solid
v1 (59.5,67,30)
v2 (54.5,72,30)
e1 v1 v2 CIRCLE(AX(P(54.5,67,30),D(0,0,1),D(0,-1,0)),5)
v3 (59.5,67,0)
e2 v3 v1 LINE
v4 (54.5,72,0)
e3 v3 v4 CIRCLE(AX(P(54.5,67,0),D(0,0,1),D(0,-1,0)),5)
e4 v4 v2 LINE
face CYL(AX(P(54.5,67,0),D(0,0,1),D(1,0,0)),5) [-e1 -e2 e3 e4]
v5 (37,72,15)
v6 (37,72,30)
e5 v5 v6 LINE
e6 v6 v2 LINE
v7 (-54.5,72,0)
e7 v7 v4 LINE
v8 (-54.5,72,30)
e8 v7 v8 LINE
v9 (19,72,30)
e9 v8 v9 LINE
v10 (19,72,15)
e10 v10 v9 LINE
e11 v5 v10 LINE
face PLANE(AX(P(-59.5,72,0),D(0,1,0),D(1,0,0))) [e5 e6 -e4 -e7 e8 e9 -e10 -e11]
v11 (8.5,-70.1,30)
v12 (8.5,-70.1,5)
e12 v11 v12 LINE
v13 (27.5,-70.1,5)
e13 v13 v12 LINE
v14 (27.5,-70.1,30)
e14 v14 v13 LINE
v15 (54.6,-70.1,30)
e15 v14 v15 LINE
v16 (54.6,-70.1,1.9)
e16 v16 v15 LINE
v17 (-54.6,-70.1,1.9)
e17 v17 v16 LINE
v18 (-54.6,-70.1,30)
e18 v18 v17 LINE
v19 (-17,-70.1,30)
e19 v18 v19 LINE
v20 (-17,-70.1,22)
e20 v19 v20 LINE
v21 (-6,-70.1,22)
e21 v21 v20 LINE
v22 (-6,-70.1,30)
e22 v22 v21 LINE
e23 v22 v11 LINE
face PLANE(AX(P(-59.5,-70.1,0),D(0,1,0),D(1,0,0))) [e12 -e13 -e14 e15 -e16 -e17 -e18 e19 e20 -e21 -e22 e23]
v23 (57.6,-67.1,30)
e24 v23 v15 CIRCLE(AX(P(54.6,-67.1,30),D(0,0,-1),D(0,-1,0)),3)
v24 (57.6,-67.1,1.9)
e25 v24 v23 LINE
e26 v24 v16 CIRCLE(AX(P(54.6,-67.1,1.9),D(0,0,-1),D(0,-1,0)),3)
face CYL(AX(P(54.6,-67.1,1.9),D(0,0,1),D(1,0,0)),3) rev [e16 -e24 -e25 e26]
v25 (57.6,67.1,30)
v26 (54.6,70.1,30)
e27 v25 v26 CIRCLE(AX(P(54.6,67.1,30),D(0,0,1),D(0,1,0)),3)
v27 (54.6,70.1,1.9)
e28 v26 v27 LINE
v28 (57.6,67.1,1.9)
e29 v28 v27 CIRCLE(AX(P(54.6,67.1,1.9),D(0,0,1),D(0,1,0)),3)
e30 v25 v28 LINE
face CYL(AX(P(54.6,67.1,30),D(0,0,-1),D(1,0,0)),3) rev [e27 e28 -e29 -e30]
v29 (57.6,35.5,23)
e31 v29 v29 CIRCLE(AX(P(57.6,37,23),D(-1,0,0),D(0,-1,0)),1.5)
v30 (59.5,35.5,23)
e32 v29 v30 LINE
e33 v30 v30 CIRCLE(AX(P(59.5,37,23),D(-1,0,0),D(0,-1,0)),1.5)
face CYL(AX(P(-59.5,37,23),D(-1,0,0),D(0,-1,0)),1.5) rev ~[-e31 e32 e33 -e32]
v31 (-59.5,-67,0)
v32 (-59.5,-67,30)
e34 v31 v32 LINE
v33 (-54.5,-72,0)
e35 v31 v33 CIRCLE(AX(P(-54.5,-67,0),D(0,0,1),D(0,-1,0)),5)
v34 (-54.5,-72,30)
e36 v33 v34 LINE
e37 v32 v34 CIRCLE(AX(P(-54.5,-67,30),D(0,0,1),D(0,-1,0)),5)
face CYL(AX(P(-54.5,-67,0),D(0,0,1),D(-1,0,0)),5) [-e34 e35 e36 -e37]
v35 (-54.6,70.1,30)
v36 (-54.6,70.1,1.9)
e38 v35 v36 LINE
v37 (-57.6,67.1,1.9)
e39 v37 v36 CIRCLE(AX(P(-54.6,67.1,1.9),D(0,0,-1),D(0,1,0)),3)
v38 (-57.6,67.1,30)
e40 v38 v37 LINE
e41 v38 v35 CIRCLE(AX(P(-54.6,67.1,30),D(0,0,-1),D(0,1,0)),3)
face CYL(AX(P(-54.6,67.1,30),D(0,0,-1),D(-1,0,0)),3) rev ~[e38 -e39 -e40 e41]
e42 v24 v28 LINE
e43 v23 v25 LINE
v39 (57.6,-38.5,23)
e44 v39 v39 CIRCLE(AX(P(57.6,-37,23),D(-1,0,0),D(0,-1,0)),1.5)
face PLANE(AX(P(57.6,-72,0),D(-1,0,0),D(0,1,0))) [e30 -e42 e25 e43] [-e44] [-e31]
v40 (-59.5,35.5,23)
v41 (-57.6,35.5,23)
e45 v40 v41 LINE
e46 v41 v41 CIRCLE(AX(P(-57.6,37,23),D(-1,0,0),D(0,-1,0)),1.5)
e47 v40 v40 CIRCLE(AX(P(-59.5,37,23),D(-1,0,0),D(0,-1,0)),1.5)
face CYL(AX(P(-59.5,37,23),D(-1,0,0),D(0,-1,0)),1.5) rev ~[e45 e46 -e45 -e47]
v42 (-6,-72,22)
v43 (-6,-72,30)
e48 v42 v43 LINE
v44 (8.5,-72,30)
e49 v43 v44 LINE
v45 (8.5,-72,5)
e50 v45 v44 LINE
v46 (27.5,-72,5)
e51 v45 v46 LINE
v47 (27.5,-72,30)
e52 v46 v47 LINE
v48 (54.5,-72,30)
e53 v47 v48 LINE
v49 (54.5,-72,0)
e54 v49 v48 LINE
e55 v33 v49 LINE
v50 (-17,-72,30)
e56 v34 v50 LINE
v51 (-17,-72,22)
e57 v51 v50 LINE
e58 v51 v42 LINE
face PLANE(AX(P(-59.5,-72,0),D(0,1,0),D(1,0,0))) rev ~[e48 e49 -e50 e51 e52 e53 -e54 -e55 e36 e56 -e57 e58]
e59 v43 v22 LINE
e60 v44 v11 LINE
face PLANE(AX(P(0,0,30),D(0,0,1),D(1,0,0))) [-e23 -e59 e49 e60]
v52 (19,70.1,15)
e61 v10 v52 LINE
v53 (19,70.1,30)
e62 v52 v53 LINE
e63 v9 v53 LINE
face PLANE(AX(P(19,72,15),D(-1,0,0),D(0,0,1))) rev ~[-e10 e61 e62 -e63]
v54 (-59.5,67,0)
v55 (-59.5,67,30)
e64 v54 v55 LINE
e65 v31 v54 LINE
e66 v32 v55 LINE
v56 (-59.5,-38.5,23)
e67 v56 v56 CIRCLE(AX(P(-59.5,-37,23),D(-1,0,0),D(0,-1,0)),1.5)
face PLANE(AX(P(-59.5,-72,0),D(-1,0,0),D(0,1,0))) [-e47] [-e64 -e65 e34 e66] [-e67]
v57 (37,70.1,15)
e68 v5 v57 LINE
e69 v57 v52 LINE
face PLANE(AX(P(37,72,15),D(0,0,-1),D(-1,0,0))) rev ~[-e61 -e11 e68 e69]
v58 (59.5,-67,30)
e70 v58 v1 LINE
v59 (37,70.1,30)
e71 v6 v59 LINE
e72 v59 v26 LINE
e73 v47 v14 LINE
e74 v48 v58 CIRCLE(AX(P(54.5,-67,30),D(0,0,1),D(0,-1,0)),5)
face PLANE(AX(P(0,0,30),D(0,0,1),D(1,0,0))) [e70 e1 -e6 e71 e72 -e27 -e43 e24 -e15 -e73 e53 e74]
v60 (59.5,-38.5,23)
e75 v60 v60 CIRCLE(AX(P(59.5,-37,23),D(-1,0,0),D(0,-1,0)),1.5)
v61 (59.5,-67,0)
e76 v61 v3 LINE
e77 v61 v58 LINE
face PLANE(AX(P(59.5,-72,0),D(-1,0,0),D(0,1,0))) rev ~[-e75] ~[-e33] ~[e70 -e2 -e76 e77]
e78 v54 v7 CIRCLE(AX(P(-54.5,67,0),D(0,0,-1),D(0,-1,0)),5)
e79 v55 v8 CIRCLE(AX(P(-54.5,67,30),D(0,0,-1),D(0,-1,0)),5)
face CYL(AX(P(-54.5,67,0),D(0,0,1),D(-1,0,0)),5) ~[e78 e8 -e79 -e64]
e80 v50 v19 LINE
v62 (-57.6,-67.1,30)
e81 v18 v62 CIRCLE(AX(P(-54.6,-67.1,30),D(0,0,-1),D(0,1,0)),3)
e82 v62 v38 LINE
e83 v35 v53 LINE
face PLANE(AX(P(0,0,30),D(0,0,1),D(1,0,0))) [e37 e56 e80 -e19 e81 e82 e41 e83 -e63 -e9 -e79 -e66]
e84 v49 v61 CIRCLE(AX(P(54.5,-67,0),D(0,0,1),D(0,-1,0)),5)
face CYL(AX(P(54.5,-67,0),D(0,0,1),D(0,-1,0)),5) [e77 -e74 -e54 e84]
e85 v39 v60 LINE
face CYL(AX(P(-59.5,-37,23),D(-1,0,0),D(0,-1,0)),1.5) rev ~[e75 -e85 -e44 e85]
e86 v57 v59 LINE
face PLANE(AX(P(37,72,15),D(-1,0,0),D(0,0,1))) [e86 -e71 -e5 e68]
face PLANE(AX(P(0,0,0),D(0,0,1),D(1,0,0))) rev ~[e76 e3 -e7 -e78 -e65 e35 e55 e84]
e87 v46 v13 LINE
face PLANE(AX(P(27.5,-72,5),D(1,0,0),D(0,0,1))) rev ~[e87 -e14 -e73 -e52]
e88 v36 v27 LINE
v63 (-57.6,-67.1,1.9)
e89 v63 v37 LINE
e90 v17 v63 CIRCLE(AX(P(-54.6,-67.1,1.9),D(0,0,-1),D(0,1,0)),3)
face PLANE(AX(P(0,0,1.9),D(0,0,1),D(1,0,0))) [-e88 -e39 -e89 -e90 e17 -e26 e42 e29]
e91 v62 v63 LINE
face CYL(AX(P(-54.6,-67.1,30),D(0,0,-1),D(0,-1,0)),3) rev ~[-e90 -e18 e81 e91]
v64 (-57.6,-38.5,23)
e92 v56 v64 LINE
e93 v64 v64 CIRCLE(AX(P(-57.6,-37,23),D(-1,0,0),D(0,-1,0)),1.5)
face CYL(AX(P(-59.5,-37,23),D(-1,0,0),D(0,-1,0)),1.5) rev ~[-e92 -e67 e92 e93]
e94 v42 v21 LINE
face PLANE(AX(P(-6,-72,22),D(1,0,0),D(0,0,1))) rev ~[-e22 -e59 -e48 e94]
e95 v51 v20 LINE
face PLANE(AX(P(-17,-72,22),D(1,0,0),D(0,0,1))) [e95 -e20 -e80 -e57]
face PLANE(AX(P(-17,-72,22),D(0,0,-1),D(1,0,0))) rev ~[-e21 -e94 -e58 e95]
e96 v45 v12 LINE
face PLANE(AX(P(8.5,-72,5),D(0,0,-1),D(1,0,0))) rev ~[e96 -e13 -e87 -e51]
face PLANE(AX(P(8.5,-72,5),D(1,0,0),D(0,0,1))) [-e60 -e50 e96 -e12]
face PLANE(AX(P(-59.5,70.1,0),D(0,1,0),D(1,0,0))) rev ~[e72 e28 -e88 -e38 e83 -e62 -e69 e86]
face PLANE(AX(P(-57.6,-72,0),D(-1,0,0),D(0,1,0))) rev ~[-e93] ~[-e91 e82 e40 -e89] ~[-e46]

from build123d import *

# Parameters (mm, degrees)
F0_W      = 119
F0_H      = 144
F1_DEPTH  = 30
F2_T      = -1.9
F3_R      = 5
F4_R      = 3
F5_R      = 1.5
F6_DEPTH  = 119.001
F7_W      = 19
F7_H      = 25
F7_W_2    = 11
F7_H_2    = 8
F8_DEPTH  = 3
F9_W      = 18
F9_H      = 15
F10_DEPTH = 3


with BuildPart() as f1:
    # F0 (on Top) → F1 (new body)
    with BuildSketch(Plane.XY):
        Rectangle(F0_W, F0_H)
    extrude(amount=F1_DEPTH)

    # F2
    f2_openings = [f1.faces().sort_by_distance(p)[0] for p in [
        (0, 0, 30),
    ]]
    offset(amount=F2_T, openings=f2_openings)

    # F3
    f3_edges = [f1.edges().sort_by_distance(p)[0] for p in [
        (-59.5, -72, 15),
        (59.5, -72, 15),
        (59.5, 72, 15),
        (-59.5, 72, 15),
    ]]
    fillet(f3_edges, radius=F3_R)

    # F4
    f4_edges = [f1.edges().sort_by_distance(p)[0] for p in [
        (-57.6, -70.1, 15.95),
        (57.6, -70.1, 15.95),
        (-57.6, 70.1, 15.95),
        (57.6, 70.1, 15.95),
    ]]
    fillet(f4_edges, radius=F4_R)

    # F5 (on face) → F6 (cut, through all)
    with BuildSketch(Plane(origin=(-59.5, 0, 0), x_dir=(0, -1, 0), z_dir=(-1, 0, 0))):
        with Locations((-37, 23)):
            Circle(F5_R)
        with Locations((37, 23)):
            Circle(F5_R)
    extrude(amount=-F6_DEPTH, mode=Mode.SUBTRACT)

    # F7 (on face) → F8 (cut)
    with BuildSketch(Plane.XZ.offset(72)):
        with Locations((18, 17.5)):
            Rectangle(F7_W, F7_H)
        with Locations((-11.5, 26)):
            Rectangle(F7_W_2, F7_H_2)
    extrude(amount=-F8_DEPTH, mode=Mode.SUBTRACT)

    # F9 (on face) → F10 (cut)
    with BuildSketch(Plane(origin=(0, 72, 0), x_dir=(-1, 0, 0), z_dir=(0, 1, 0))):
        with Locations((-28, 22.5)):
            Rectangle(F9_W, F9_H)
    extrude(amount=-F10_DEPTH, mode=Mode.SUBTRACT)


solid = f1.part
